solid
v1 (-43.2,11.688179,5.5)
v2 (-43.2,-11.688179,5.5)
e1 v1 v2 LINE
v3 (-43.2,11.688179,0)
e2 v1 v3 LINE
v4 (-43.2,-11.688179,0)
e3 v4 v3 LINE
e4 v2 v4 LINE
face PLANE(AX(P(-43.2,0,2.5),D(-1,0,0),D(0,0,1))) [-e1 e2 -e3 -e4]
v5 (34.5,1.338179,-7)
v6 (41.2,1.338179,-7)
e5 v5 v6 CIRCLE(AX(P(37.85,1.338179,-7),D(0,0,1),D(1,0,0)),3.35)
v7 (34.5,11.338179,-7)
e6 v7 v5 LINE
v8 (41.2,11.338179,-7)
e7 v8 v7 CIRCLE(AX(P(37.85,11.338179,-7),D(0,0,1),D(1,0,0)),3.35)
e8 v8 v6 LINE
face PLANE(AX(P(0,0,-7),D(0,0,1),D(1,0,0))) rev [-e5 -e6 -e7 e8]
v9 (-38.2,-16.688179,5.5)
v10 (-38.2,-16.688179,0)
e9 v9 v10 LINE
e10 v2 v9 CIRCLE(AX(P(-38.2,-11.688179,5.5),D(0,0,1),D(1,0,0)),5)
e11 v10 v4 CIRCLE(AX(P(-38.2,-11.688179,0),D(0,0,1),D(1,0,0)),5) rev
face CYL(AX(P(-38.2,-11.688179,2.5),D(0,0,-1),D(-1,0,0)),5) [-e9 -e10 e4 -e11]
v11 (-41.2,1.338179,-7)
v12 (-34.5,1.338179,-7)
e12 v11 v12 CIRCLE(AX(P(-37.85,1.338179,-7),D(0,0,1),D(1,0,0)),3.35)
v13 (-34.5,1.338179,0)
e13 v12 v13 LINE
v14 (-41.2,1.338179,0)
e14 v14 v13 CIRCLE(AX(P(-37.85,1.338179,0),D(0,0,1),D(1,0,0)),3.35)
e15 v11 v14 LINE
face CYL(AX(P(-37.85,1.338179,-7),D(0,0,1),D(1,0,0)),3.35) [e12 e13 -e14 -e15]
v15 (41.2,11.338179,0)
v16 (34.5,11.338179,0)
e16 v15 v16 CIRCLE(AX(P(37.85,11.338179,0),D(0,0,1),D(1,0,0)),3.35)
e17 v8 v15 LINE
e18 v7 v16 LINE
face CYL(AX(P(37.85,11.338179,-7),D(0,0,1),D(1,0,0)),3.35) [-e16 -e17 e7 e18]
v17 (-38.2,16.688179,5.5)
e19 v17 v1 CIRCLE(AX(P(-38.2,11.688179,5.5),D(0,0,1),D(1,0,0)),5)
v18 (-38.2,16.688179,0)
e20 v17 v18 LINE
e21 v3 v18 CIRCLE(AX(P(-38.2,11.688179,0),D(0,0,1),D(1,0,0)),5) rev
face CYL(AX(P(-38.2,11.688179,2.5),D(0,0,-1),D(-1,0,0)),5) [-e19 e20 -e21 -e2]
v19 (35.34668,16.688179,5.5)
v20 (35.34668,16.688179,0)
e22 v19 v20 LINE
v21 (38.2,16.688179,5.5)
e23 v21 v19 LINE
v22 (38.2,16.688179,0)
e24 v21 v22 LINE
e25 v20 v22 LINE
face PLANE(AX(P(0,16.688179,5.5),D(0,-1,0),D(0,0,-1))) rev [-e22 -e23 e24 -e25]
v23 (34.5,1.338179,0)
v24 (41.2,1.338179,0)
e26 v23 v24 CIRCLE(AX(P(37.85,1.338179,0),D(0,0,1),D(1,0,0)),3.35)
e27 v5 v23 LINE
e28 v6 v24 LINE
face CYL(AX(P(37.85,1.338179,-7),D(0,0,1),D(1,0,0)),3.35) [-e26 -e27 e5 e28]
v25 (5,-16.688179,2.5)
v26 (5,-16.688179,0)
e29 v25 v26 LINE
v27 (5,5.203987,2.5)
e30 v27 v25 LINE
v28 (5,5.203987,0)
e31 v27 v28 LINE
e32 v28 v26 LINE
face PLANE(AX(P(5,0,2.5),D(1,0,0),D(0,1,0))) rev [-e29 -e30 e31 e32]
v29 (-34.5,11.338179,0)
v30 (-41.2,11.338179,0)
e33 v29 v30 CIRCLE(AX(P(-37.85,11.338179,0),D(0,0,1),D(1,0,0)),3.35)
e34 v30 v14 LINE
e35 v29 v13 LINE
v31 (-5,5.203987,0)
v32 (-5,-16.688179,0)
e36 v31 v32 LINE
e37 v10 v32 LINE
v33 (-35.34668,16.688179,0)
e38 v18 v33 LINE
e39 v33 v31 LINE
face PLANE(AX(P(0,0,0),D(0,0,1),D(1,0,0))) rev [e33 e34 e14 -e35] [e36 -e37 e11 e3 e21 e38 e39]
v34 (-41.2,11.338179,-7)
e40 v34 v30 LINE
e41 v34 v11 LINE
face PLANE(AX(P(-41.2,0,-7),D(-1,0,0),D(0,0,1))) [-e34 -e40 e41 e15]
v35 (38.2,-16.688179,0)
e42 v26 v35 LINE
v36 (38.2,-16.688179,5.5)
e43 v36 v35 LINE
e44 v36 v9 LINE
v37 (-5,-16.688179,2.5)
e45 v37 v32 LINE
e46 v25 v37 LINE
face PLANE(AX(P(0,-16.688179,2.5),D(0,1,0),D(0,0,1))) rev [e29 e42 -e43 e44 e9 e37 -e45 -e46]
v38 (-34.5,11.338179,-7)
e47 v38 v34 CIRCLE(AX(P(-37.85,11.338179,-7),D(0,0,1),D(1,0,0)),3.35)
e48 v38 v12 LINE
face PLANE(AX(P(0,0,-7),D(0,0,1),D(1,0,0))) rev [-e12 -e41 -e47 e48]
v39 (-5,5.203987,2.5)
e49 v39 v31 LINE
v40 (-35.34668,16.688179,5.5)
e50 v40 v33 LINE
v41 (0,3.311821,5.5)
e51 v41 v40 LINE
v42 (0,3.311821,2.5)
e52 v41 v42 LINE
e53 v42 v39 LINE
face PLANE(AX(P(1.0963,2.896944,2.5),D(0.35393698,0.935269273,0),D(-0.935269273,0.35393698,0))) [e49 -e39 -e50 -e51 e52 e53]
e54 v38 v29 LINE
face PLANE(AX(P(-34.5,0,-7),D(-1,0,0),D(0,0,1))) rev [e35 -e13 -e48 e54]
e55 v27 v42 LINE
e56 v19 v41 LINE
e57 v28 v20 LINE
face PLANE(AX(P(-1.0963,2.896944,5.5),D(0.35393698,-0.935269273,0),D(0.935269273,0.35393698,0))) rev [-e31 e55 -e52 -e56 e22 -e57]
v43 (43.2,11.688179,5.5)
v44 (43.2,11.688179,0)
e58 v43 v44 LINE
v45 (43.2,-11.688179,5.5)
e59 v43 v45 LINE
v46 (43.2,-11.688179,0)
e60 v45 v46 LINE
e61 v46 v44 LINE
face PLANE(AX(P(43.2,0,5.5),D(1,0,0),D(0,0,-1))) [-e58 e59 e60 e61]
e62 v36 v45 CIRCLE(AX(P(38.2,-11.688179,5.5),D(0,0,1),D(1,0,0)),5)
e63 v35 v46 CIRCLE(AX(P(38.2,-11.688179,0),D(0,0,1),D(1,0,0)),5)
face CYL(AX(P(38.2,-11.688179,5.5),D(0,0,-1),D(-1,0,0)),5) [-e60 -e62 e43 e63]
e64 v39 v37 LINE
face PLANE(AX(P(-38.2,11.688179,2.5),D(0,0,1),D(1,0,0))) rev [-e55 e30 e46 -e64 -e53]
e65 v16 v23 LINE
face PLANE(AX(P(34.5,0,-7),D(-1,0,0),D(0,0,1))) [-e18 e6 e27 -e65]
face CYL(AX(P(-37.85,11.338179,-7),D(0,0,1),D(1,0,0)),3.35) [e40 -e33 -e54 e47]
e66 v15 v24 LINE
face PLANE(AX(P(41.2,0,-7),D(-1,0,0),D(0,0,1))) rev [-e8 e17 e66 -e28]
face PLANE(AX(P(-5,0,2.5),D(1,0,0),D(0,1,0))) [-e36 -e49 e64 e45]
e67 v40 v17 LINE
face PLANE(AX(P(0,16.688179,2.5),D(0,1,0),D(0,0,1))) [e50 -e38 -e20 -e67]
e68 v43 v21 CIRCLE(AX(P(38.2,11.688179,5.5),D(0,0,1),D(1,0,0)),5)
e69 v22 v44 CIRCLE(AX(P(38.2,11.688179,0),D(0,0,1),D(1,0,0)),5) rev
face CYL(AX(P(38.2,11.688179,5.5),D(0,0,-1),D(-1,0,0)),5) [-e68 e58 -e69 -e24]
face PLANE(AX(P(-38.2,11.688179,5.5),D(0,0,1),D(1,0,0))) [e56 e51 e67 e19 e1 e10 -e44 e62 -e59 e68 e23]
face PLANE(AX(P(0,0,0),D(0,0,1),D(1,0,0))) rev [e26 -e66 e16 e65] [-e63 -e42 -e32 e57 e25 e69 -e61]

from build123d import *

# Parameters (mm, degrees)
BOSS_EXTRUDE1_DEPTH = 2.5
BOSS_EXTRUDE3_START = 2.5
BOSS_EXTRUDE3_DEPTH = 3
BOSS_EXTRUDE2_DEPTH = 7


with BuildPart() as part:
    # Sketch1 → Boss-Extrude1 (new body)
    with BuildSketch(Plane.XY):
        with BuildLine():
            ThreePointArc((-43.2, -11.688179282), (-41.735533906, -15.223713187), (-38.2, -16.688179282))
            Line((-38.2, -16.688179282), (-5, -16.688179282))
            Line((-5, -16.688179282), (-5, 5.203986913))
            Line((-5, 5.203986913), (-35.346679904, 16.688179282))
            Line((-35.346679904, 16.688179282), (-38.2, 16.688179282))
            ThreePointArc((-38.2, 16.688179282), (-41.735533906, 15.223713187), (-43.2, 11.688179282))
            Line((-43.2, 11.688179282), (-43.2, -11.688179282))
        make_face()
        with BuildLine():
            ThreePointArc((-41.2, 11.338179282), (-37.85, 14.688179282), (-34.5, 11.338179282))
            Line((-34.5, 11.338179282), (-34.5, 1.338179282))
            ThreePointArc((-34.5, 1.338179282), (-37.85, -2.011820718), (-41.2, 1.338179282))
            Line((-41.2, 1.338179282), (-41.2, 11.338179282))
        make_face(mode=Mode.SUBTRACT)
        with BuildLine():
            Line((-41.2, 11.338179282), (-41.2, 1.338179282))
            ThreePointArc((-41.2, 1.338179282), (-37.85, -2.011820718), (-34.5, 1.338179282))
            Line((-34.5, 1.338179282), (-34.5, 11.338179282))
            ThreePointArc((-34.5, 11.338179282), (-37.85, 14.688179282), (-41.2, 11.338179282))
        make_face()
        with BuildLine():
            Line((5, 5.203986913), (5, -16.688179282))
            Line((5, -16.688179282), (38.2, -16.688179282))
            ThreePointArc((38.2, -16.688179282), (41.735533906, -15.223713187), (43.2, -11.688179282))
            Line((43.2, -11.688179282), (43.2, 11.688179282))
            ThreePointArc((43.2, 11.688179282), (41.735533906, 15.223713187), (38.2, 16.688179282))
            Line((38.2, 16.688179282), (35.346679904, 16.688179282))
            Line((35.346679904, 16.688179282), (5, 5.203986913))
        make_face()
        with BuildLine():
            ThreePointArc((34.5, 11.338179282), (37.85, 14.688179282), (41.2, 11.338179282))
            Line((41.2, 11.338179282), (41.2, 1.338179282))
            ThreePointArc((41.2, 1.338179282), (37.85, -2.011820718), (34.5, 1.338179282))
            Line((34.5, 1.338179282), (34.5, 11.338179282))
        make_face(mode=Mode.SUBTRACT)
        with BuildLine():
            Line((34.5, 11.338179282), (34.5, 1.338179282))
            ThreePointArc((34.5, 1.338179282), (37.85, -2.011820718), (41.2, 1.338179282))
            Line((41.2, 1.338179282), (41.2, 11.338179282))
            ThreePointArc((41.2, 11.338179282), (37.85, 14.688179282), (34.5, 11.338179282))
        make_face()
    extrude(amount=BOSS_EXTRUDE1_DEPTH)

    # Sketch1<4> → Boss-Extrude3 (add)
    with BuildSketch(Plane.XY.offset(BOSS_EXTRUDE3_START)):
        with BuildLine():
            ThreePointArc((-43.2, -11.688179282), (-41.735533906, -15.223713187), (-38.2, -16.688179282))
            Line((-38.2, -16.688179282), (-5, -16.688179282))
            Line((-5, -16.688179282), (-5, 5.203986913))
            Line((-5, 5.203986913), (-35.346679904, 16.688179282))
            Line((-35.346679904, 16.688179282), (-38.2, 16.688179282))
            ThreePointArc((-38.2, 16.688179282), (-41.735533906, 15.223713187), (-43.2, 11.688179282))
            Line((-43.2, 11.688179282), (-43.2, -11.688179282))
        make_face()
        with BuildLine():
            ThreePointArc((-41.2, 11.338179282), (-37.85, 14.688179282), (-34.5, 11.338179282))
            Line((-34.5, 11.338179282), (-34.5, 1.338179282))
            ThreePointArc((-34.5, 1.338179282), (-37.85, -2.011820718), (-41.2, 1.338179282))
            Line((-41.2, 1.338179282), (-41.2, 11.338179282))
        make_face(mode=Mode.SUBTRACT)
        Polygon((-5, 5.203986913), (-5, -16.688179282), (5, -16.688179282), (5, 5.203986913), (0, 3.311820718), align=None)
        with BuildLine():
            Line((5, 5.203986913), (5, -16.688179282))
            Line((5, -16.688179282), (38.2, -16.688179282))
            ThreePointArc((38.2, -16.688179282), (41.735533906, -15.223713187), (43.2, -11.688179282))
            Line((43.2, -11.688179282), (43.2, 11.688179282))
            ThreePointArc((43.2, 11.688179282), (41.735533906, 15.223713187), (38.2, 16.688179282))
            Line((38.2, 16.688179282), (35.346679904, 16.688179282))
            Line((35.346679904, 16.688179282), (5, 5.203986913))
        make_face()
        with BuildLine():
            ThreePointArc((34.5, 11.338179282), (37.85, 14.688179282), (41.2, 11.338179282))
            Line((41.2, 11.338179282), (41.2, 1.338179282))
            ThreePointArc((41.2, 1.338179282), (37.85, -2.011820718), (34.5, 1.338179282))
            Line((34.5, 1.338179282), (34.5, 11.338179282))
        make_face(mode=Mode.SUBTRACT)
        with BuildLine():
            Line((34.5, 11.338179282), (34.5, 1.338179282))
            ThreePointArc((34.5, 1.338179282), (37.85, -2.011820718), (41.2, 1.338179282))
            Line((41.2, 1.338179282), (41.2, 11.338179282))
            ThreePointArc((41.2, 11.338179282), (37.85, 14.688179282), (34.5, 11.338179282))
        make_face()
        with BuildLine():
            Line((-41.2, 11.338179282), (-41.2, 1.338179282))
            ThreePointArc((-41.2, 1.338179282), (-37.85, -2.011820718), (-34.5, 1.338179282))
            Line((-34.5, 1.338179282), (-34.5, 11.338179282))
            ThreePointArc((-34.5, 11.338179282), (-37.85, 14.688179282), (-41.2, 11.338179282))
        make_face()
    extrude(amount=BOSS_EXTRUDE3_DEPTH)

    # Sketch1<3> → Boss-Extrude2 (add)
    with BuildSketch(Plane.XY):
        with BuildLine():
            Line((34.5, 11.338179282), (34.5, 1.338179282))
            ThreePointArc((34.5, 1.338179282), (37.85, -2.011820718), (41.2, 1.338179282))
            Line((41.2, 1.338179282), (41.2, 11.338179282))
            ThreePointArc((41.2, 11.338179282), (37.85, 14.688179282), (34.5, 11.338179282))
        make_face()
        with BuildLine():
            Line((-41.2, 11.338179282), (-41.2, 1.338179282))
            ThreePointArc((-41.2, 1.338179282), (-37.85, -2.011820718), (-34.5, 1.338179282))
            Line((-34.5, 1.338179282), (-34.5, 11.338179282))
            ThreePointArc((-34.5, 11.338179282), (-37.85, 14.688179282), (-41.2, 11.338179282))
        make_face()
    extrude(amount=-BOSS_EXTRUDE2_DEPTH)


solid = part.part
